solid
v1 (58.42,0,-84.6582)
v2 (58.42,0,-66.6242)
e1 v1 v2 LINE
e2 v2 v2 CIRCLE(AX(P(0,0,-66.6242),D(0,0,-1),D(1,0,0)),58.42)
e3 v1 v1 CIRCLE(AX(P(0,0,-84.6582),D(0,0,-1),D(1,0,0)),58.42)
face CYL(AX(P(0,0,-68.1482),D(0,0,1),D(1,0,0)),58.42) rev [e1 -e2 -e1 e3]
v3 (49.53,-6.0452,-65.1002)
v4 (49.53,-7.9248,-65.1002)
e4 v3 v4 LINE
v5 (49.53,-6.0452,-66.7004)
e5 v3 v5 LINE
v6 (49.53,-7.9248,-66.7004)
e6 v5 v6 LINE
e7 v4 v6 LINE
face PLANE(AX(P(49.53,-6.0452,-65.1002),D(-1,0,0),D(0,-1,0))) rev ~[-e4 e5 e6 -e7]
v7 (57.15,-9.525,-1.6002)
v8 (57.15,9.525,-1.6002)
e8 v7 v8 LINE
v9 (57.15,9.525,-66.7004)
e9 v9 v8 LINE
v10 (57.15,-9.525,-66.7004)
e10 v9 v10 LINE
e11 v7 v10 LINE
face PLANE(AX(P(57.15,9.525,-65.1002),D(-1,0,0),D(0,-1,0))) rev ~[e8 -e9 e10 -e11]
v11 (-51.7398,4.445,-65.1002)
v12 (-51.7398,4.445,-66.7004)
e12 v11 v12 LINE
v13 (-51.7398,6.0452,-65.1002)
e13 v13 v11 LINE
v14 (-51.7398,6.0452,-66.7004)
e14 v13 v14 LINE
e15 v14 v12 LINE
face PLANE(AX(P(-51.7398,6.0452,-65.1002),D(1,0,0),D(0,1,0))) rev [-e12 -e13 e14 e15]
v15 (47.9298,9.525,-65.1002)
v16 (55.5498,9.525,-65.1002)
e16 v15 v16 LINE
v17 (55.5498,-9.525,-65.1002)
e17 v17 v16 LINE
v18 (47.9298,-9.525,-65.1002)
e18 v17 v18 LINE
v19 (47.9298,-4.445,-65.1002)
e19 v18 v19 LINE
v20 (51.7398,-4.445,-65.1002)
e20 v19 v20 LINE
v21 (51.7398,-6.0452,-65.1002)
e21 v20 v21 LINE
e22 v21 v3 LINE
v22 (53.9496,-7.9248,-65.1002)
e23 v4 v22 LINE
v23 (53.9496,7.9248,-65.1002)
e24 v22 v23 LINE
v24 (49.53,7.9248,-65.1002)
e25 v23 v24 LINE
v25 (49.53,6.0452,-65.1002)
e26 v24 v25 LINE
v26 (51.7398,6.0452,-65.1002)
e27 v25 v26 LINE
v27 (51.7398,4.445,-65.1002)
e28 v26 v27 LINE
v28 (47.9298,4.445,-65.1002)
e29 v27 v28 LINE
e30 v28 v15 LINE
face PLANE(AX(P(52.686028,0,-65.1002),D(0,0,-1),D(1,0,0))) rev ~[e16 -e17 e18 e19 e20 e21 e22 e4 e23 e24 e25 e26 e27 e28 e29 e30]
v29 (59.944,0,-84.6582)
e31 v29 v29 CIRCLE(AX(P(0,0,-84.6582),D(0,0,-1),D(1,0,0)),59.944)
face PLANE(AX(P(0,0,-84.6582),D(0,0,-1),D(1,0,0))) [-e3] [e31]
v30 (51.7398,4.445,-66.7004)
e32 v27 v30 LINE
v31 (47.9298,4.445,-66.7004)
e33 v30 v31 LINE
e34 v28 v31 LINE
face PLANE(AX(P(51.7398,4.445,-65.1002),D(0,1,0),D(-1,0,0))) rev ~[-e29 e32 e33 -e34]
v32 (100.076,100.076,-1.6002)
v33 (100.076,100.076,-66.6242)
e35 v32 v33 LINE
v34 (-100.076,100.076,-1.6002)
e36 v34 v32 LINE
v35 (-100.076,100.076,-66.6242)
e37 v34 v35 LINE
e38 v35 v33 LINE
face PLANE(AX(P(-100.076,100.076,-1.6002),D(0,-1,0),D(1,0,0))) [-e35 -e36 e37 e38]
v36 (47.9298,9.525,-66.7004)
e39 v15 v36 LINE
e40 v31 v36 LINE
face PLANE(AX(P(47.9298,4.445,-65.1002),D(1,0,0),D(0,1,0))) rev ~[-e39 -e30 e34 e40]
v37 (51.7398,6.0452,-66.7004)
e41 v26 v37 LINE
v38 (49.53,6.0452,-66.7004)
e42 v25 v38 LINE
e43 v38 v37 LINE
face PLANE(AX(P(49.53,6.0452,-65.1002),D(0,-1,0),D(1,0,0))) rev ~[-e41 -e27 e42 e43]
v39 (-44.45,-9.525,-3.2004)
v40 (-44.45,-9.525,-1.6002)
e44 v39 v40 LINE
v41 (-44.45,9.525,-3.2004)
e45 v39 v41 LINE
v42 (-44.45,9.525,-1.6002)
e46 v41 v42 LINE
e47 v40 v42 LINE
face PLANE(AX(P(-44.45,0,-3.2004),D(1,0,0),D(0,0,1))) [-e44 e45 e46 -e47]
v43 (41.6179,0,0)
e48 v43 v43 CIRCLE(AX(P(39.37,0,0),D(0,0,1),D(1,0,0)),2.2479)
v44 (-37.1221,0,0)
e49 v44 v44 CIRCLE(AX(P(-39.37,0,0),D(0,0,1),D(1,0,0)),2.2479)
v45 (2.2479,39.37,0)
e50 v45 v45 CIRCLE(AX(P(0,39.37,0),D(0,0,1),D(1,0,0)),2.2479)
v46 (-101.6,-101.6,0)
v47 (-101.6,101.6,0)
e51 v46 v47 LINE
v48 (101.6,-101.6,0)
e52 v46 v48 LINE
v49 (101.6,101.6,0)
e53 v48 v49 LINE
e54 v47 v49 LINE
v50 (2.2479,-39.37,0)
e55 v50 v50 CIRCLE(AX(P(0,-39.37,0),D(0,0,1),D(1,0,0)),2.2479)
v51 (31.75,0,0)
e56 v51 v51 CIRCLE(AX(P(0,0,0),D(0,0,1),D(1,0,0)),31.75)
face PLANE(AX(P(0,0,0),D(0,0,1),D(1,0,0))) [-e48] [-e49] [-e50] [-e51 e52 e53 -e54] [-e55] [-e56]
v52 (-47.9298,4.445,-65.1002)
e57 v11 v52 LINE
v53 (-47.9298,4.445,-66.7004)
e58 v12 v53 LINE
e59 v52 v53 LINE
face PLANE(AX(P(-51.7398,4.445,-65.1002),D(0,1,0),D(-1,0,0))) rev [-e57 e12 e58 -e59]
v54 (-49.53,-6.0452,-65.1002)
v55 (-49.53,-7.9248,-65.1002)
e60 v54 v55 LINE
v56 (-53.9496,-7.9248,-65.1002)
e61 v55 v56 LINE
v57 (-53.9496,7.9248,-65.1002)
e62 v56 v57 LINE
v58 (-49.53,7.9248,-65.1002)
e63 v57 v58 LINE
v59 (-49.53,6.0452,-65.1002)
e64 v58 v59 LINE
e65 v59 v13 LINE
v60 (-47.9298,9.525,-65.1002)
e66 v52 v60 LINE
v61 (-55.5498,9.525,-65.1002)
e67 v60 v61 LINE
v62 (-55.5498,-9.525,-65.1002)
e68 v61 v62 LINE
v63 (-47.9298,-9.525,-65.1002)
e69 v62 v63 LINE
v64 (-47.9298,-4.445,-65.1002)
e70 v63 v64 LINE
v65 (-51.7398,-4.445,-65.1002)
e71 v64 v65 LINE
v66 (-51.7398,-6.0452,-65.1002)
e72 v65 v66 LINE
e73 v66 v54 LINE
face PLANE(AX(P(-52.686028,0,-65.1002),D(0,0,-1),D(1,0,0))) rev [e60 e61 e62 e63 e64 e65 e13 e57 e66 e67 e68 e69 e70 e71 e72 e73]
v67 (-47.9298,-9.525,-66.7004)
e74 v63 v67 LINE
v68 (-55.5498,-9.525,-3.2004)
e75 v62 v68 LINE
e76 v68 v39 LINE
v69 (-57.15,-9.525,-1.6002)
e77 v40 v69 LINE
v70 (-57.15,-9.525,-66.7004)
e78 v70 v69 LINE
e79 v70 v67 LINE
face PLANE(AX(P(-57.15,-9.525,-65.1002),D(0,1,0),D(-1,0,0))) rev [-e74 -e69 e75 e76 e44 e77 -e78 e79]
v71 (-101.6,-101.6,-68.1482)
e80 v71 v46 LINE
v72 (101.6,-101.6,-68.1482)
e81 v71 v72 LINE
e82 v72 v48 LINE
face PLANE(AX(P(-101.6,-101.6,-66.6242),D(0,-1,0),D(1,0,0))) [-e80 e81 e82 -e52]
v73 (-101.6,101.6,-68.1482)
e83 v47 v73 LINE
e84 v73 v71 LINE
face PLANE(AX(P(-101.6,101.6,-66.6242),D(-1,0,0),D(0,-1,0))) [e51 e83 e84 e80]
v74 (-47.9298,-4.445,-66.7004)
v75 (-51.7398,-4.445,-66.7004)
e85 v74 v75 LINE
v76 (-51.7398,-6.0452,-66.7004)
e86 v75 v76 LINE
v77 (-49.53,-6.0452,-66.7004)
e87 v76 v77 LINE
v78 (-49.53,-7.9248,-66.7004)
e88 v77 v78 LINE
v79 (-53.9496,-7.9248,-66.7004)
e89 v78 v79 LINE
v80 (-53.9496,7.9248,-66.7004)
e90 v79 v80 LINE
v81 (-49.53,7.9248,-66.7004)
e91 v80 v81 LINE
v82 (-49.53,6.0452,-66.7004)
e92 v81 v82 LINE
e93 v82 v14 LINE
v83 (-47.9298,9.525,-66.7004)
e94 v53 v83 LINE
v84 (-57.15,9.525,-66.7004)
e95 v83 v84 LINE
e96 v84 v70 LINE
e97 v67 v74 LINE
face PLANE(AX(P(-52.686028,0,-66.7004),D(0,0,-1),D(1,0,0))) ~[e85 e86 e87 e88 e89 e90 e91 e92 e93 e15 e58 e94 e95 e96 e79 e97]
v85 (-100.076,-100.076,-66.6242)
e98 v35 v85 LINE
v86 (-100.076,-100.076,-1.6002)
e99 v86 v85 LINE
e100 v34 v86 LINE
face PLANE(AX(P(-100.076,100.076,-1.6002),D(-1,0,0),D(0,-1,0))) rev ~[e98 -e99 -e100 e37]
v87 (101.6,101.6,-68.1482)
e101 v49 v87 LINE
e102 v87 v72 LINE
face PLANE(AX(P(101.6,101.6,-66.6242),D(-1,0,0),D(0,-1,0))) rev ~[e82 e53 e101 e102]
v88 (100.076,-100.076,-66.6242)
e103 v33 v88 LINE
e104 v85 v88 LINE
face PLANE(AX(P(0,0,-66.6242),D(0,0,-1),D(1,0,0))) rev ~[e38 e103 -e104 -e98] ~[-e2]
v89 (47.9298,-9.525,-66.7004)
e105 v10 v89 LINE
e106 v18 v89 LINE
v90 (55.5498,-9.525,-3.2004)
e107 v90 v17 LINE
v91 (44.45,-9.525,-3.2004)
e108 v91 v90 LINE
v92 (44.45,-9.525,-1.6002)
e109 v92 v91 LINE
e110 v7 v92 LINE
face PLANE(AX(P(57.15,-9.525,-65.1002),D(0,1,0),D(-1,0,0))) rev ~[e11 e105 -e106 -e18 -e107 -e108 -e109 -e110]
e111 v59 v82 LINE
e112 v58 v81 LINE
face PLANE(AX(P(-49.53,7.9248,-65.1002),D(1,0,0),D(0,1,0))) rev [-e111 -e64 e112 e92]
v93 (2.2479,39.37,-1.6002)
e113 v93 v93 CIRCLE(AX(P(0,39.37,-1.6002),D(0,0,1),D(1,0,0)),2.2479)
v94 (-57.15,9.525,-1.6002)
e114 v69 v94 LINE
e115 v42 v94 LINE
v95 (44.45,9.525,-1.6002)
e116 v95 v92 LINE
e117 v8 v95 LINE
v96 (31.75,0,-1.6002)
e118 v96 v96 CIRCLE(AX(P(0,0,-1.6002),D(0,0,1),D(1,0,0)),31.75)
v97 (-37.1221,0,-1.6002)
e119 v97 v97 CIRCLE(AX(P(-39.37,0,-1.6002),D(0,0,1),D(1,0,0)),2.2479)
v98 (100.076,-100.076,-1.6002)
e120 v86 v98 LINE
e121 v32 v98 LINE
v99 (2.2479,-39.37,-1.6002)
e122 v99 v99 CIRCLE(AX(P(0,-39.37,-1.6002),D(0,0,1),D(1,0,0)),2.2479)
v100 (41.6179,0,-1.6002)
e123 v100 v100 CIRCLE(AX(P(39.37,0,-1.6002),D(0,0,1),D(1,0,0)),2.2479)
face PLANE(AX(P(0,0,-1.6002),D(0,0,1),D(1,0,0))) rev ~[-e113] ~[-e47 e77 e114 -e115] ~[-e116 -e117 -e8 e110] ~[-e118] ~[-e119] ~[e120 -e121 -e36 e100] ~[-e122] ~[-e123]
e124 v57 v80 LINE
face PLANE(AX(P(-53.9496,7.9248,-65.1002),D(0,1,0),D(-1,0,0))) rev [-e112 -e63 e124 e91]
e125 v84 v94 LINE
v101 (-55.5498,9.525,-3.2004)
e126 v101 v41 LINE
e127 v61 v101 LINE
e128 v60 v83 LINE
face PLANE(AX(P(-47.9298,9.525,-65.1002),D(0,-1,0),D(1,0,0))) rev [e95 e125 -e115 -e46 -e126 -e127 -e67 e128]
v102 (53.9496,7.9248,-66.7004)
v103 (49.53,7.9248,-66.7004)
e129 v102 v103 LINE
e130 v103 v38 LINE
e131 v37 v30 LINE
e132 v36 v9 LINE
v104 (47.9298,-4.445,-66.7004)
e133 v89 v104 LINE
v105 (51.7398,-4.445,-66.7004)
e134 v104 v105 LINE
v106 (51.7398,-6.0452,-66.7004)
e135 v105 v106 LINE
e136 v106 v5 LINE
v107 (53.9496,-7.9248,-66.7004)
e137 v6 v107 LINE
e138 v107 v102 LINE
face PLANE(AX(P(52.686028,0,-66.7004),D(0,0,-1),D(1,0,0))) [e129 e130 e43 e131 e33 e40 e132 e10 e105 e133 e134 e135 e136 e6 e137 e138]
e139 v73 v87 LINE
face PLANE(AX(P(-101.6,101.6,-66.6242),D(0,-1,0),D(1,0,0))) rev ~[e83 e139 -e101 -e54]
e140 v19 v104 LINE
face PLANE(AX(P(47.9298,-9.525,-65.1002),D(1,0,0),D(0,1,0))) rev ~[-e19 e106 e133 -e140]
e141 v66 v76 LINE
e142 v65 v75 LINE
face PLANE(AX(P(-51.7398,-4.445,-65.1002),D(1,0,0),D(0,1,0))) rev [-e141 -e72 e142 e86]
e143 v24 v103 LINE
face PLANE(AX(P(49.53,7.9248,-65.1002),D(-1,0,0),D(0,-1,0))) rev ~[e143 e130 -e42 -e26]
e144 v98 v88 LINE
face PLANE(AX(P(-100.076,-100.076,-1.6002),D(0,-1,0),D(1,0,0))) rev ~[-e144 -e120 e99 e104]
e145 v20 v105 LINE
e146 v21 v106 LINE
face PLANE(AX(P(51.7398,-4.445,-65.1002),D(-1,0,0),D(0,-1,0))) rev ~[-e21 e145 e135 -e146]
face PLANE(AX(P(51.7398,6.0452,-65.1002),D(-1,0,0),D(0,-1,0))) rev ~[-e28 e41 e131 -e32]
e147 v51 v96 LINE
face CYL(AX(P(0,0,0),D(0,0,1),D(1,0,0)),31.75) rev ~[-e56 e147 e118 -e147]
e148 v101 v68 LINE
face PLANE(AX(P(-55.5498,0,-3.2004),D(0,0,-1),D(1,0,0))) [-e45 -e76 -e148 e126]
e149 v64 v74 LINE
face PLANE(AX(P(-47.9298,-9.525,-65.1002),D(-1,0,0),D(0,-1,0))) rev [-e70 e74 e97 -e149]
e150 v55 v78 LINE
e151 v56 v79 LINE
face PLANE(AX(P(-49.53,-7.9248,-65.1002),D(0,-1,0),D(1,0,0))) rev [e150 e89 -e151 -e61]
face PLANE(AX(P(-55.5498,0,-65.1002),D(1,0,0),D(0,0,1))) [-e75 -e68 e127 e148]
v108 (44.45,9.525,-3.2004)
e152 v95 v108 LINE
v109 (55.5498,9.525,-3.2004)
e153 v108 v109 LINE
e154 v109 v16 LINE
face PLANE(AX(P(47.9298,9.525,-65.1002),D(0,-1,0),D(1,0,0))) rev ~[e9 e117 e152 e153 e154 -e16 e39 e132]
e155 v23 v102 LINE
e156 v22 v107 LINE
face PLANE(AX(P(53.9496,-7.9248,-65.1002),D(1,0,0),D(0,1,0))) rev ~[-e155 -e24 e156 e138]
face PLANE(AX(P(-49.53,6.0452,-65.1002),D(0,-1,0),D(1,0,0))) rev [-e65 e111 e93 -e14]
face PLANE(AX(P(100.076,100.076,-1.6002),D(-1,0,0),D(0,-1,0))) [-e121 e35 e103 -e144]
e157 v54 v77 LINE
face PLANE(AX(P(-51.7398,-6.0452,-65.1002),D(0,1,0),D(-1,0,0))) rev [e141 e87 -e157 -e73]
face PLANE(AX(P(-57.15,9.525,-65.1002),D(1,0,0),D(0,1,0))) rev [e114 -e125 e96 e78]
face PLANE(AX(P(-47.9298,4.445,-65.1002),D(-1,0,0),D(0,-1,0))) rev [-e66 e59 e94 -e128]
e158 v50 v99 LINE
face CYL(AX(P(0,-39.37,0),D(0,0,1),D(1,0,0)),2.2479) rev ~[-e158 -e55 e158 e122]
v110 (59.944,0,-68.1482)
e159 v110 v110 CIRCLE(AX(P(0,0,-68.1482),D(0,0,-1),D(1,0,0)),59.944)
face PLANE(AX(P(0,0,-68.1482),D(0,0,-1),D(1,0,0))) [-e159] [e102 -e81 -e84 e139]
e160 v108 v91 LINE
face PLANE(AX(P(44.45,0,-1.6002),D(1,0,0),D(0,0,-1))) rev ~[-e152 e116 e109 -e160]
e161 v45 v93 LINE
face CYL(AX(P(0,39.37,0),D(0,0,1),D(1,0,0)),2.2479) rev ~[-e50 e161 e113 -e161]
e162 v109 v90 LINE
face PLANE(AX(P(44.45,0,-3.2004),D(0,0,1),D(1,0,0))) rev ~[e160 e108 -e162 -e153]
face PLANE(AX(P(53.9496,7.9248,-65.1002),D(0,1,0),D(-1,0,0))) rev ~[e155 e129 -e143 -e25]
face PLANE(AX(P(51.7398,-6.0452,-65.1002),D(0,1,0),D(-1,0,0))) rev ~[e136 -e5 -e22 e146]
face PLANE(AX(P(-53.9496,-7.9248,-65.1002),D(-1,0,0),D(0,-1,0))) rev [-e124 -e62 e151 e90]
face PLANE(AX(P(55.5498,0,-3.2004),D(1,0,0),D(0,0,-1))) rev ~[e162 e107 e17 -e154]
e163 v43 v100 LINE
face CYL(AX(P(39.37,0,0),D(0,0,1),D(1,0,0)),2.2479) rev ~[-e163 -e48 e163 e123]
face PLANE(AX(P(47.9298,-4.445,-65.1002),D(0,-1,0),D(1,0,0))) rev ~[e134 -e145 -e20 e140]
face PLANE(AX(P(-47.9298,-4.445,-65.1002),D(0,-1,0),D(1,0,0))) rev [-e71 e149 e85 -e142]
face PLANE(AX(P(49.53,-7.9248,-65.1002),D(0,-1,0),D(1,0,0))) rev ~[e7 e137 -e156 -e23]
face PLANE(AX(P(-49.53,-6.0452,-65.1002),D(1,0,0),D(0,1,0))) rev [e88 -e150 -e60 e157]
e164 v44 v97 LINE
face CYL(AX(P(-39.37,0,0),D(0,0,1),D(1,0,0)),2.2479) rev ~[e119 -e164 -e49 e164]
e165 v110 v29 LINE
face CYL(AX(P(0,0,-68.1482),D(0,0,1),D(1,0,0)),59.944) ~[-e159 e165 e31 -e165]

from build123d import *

# Parameters (mm, degrees)
F0_W      = 203.2
F0_H      = 203.2
F1_DEPTH  = 1.6002
F2_R      = 31.75
F2_R_2    = 2.2479
F3_DEPTH  = 1.6002
F5_DEPTH  = 9.525
F7_DEPTH  = 1.6002
F9_W      = 203.2
F9_H      = 203.2
F9_W_2    = 200.152
F9_H_2    = 200.152
F10_DEPTH = 65.024
F11_W     = 203.2
F11_H     = 203.2
F11_R     = 58.42
F12_DEPTH = 1.524
F13_R     = 59.944
F13_R_2   = 58.42
F14_DEPTH = 16.51


with BuildPart() as f1:
    # F0 (on Top) → F1 (new body)
    with BuildSketch(Plane.XY):
        Rectangle(F0_W, F0_H)
    extrude(amount=-F1_DEPTH)

    # F2 (on face) → F3 (cut, through all)
    with BuildSketch(Plane.XY):
        Circle(F2_R)
        with Locations((0, 39.37)):
            Circle(F2_R_2)
        with Locations((-39.37, 0)):
            Circle(F2_R_2)
        with Locations((0, -39.37)):
            Circle(F2_R_2)
        with Locations((39.37, 0)):
            Circle(F2_R_2)
    extrude(amount=-F3_DEPTH, mode=Mode.SUBTRACT)

    # F4 (on Front) → F5 (join, symmetric)
    with BuildSketch(Plane.XZ):
        Polygon((57.15, -1.6002), (44.45, -1.6002), (44.45, -3.2004), (55.5498, -3.2004), (55.5498, -65.1002), (57.15, -65.1002), align=None)
        Polygon((-57.15, -1.6002), (-57.15, -65.1002), (-55.5498, -65.1002), (-55.5498, -3.2004), (-44.45, -3.2004), (-44.45, -1.6002), align=None)
    extrude(amount=F5_DEPTH, both=True)

    # F6 (on face) → F7 (join)
    with BuildSketch(Plane(origin=(0, 0, -65.1002), x_dir=(1, 0, 0), z_dir=(0, 0, -1))):
        Polygon((47.9298, -9.525), (57.15, -9.525), (57.15, 9.525), (47.9298, 9.525), (47.9298, 4.445), (51.7398, 4.445), (51.7398, 6.0452), (49.53, 6.0452), (49.53, 7.9248), (53.9496, 7.9248), (53.9496, 0), (53.9496, -7.9248), (49.53, -7.9248), (49.53, -6.0452), (51.7398, -6.0452), (51.7398, -4.445), (47.9298, -4.445), align=None)
    extrude(amount=F7_DEPTH)

    # F8: F1 across plane


with BuildPart() as f1_1:
    add(f1.part)
    add(f1.part.mirror(Plane.YZ))

    # F9 (on face) → F10 (join)
    with BuildSketch(Plane(origin=(0, 0, -1.6002), x_dir=(1, 0, 0), z_dir=(0, 0, -1))):
        Rectangle(F9_W, F9_H)
        Rectangle(F9_W_2, F9_H_2, mode=Mode.SUBTRACT)
    extrude(amount=F10_DEPTH)

    # F11 (on face) → F12 (join)
    with BuildSketch(Plane(origin=(0, 0, -66.6242), x_dir=(1, 0, 0), z_dir=(0, 0, -1))):
        Rectangle(F11_W, F11_H)
        Circle(F11_R, mode=Mode.SUBTRACT)
    extrude(amount=F12_DEPTH)

    # F13 (on face) → F14 (join)
    with BuildSketch(Plane(origin=(0, 0, -68.1482), x_dir=(1, 0, 0), z_dir=(0, 0, -1))):
        Circle(F13_R)
        Circle(F13_R_2, mode=Mode.SUBTRACT)
    extrude(amount=F14_DEPTH)


solid = f1_1.part
